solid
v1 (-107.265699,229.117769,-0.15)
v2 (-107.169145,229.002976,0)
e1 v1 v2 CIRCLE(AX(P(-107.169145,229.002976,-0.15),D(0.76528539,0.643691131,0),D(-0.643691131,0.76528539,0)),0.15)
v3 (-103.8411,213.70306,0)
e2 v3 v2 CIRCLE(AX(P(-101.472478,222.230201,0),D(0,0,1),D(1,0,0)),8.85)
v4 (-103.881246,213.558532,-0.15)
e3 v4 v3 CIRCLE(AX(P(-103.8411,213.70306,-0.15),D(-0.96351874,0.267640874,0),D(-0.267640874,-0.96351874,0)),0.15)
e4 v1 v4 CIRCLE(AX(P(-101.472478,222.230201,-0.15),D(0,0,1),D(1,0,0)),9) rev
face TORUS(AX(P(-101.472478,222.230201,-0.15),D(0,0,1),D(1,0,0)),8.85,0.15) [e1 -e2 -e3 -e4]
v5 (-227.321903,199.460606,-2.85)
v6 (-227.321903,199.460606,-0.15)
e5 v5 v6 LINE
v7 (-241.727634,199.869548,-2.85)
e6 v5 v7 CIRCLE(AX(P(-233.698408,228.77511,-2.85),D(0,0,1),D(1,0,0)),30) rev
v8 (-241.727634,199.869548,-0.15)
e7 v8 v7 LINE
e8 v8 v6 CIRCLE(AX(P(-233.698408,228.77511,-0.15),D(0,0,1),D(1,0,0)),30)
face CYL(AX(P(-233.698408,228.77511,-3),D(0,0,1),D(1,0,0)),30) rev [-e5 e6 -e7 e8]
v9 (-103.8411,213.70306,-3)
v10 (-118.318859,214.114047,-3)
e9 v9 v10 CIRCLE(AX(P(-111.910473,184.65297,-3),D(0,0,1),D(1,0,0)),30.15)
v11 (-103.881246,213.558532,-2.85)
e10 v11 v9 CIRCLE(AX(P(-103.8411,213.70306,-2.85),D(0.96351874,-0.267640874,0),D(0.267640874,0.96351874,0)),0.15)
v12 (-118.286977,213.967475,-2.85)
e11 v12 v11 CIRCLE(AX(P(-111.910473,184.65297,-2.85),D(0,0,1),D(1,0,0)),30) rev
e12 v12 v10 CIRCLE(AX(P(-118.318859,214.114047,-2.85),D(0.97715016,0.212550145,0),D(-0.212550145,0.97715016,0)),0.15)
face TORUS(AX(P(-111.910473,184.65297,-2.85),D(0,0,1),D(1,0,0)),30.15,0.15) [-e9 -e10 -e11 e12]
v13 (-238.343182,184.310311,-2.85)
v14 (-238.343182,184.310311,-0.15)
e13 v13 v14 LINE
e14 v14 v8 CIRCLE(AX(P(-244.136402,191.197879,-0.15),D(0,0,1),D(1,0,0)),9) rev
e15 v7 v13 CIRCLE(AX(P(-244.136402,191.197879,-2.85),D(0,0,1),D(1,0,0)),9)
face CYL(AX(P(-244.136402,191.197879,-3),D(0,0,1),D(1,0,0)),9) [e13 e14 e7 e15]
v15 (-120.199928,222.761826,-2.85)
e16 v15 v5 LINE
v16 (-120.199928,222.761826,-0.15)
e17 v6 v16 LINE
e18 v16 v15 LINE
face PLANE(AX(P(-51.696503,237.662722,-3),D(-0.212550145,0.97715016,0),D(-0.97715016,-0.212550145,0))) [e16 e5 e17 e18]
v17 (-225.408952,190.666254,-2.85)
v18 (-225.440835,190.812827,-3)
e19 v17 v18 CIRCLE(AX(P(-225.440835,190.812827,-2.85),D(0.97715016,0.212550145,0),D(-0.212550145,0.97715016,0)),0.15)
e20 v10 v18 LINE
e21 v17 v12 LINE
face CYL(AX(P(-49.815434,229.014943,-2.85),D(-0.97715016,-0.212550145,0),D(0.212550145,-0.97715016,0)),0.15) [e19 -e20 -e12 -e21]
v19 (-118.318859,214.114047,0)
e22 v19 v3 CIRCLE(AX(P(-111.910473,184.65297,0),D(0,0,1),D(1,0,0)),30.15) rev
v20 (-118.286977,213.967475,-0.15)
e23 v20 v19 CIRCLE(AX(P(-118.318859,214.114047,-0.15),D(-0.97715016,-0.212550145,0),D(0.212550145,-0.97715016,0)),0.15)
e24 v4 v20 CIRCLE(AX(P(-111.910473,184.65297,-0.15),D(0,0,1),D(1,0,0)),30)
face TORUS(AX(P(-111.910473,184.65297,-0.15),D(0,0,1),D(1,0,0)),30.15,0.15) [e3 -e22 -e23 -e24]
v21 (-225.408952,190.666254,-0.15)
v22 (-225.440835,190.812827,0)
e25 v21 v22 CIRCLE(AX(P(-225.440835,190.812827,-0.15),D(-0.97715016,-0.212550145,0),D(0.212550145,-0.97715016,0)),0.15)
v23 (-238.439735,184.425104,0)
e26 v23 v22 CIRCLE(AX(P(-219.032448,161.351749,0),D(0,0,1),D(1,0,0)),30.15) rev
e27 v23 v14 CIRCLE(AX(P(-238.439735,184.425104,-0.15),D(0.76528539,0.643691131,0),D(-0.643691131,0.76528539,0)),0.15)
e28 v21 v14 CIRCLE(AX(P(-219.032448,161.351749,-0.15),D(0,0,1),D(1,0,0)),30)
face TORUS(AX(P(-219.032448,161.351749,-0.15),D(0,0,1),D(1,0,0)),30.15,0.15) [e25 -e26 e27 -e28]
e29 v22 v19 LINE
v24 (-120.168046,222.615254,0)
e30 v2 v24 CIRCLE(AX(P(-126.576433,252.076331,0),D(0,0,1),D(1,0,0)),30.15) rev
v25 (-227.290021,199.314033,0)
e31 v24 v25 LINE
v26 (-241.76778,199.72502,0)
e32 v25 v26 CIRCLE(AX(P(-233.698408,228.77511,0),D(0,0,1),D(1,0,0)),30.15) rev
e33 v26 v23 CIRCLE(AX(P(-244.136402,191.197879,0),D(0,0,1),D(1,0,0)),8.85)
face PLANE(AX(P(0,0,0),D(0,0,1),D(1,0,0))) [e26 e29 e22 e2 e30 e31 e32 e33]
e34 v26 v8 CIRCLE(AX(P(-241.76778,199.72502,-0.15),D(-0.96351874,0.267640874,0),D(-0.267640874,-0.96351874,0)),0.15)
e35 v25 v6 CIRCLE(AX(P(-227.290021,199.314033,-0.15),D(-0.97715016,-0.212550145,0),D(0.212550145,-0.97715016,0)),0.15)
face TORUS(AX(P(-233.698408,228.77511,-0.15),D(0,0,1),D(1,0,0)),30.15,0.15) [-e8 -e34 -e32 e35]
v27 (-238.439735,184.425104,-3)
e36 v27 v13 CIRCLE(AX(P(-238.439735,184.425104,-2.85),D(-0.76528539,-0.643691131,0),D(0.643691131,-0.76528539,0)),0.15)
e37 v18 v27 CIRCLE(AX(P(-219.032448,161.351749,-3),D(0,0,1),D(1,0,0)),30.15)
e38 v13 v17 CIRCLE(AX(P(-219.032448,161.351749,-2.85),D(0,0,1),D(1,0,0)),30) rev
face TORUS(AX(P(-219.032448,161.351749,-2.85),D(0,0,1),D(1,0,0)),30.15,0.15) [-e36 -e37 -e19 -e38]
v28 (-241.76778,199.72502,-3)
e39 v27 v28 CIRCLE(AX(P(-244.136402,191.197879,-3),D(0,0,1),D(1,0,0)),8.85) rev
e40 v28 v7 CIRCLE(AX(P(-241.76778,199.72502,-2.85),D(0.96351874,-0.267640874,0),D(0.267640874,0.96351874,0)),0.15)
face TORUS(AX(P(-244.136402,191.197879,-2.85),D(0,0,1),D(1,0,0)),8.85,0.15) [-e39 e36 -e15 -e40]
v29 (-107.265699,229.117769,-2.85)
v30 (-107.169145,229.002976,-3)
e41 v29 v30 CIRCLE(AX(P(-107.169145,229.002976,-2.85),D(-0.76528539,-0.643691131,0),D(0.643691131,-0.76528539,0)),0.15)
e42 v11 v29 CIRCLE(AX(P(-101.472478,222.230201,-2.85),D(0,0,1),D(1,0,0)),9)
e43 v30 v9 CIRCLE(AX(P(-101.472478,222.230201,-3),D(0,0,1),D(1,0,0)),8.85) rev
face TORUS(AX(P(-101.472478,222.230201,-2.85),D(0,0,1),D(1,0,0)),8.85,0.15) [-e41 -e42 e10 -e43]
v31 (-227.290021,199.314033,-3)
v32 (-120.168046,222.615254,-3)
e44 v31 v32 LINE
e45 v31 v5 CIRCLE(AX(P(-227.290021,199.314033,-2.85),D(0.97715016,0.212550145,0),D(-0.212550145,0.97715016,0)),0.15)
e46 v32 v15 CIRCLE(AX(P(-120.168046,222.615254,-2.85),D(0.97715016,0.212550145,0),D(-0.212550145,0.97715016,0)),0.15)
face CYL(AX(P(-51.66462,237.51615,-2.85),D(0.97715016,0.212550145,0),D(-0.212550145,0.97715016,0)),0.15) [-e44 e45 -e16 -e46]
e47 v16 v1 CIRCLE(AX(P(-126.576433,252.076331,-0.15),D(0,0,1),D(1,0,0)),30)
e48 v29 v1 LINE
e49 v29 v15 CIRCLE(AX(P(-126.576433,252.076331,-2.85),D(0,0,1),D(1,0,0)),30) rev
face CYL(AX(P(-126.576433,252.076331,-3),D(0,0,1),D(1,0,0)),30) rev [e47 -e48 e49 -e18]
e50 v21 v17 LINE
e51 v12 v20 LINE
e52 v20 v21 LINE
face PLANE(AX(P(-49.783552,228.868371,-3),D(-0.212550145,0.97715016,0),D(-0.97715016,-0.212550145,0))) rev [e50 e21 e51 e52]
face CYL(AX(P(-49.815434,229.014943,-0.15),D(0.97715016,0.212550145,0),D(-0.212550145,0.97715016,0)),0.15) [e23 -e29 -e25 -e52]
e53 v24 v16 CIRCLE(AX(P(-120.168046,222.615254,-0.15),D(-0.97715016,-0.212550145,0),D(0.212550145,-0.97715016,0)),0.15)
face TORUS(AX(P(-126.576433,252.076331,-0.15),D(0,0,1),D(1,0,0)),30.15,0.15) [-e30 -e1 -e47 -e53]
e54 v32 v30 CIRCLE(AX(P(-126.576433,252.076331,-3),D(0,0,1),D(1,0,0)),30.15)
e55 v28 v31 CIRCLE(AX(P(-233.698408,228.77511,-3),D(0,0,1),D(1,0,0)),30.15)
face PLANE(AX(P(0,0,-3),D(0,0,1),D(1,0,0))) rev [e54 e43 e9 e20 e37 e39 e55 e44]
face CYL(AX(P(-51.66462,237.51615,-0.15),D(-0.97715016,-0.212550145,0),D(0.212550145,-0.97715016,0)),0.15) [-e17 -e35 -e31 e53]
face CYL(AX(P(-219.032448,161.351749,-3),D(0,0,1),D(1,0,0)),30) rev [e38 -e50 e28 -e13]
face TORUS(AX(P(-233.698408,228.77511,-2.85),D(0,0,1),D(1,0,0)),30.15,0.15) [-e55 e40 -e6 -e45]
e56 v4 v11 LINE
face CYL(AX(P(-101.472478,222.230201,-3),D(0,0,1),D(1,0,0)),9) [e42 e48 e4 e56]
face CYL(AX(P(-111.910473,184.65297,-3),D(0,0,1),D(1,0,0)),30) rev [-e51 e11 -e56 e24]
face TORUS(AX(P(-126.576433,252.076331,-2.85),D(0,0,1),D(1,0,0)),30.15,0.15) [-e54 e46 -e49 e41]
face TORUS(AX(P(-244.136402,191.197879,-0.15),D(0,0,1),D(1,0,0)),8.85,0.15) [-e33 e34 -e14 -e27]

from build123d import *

# Parameters (mm, degrees)
SKETCH_1_R      = 9
EXTRUDE_1_DEPTH = 3
FILLET_1_R      = 30
FILLET_2_R      = 0.15


with BuildPart() as part:
    # 草图1 → 凸台-拉伸1 (new body)
    with BuildSketch(Plane.XY):
        with Locations((-244.136401891, 191.197879466)):
            Circle(SKETCH_1_R)
        with Locations((-101.472478495, 222.230200701)):
            Circle(SKETCH_1_R)
        with BuildLine():
            Line((-100.516002841, 217.833024979), (-243.179926237, 186.800703745))
            ThreePointArc((-243.179926237, 186.800703745), (-248.533577612, 190.241403811), (-245.092877546, 195.595055187))
            Line((-245.092877546, 195.595055187), (-102.42895415, 226.627376422))
            ThreePointArc((-102.42895415, 226.627376422), (-97.075302774, 223.186676355), (-100.516002841, 217.833024979))
        make_face()
    extrude(amount=-EXTRUDE_1_DEPTH)

    # 圆角1
    fillet_1_edges = [part.edges().sort_by_distance(p)[0] for p in [
        (-108.132134599, 216.17636055, -1.5),
        (-235.563794478, 188.457368174, -1.5),
        (-237.476745787, 197.251719617, -1.5),
        (-110.045085908, 224.970711992, -1.5),
    ]]
    fillet(fillet_1_edges, radius=FILLET_1_R)

    # 圆角2
    fillet_2_edges = [part.edges().sort_by_distance(p)[0] for p in [
        (-173.760915848, 211.111215804, 0),
        (-173.760915848, 211.111215804, -3),
        (-252.930753333, 189.284928157, 0),
        (-252.930753333, 189.284928157, -3),
        (-171.847964539, 202.316864362, 0),
        (-171.847964539, 202.316864362, -3),
        (-92.678127053, 224.14315201, 0),
        (-92.678127053, 224.14315201, -3),
        (-234.549689719, 198.787190778, 0),
        (-234.549689719, 198.787190778, -3),
        (-232.263398459, 188.276495212, 0),
        (-232.263398459, 188.276495212, -3),
        (-111.059190667, 214.640889389, 0),
        (-111.059190667, 214.640889389, -3),
        (-113.345481927, 225.151584954, 0),
        (-113.345481927, 225.151584954, -3),
    ]]
    fillet(fillet_2_edges, radius=FILLET_2_R)


solid = part.part
